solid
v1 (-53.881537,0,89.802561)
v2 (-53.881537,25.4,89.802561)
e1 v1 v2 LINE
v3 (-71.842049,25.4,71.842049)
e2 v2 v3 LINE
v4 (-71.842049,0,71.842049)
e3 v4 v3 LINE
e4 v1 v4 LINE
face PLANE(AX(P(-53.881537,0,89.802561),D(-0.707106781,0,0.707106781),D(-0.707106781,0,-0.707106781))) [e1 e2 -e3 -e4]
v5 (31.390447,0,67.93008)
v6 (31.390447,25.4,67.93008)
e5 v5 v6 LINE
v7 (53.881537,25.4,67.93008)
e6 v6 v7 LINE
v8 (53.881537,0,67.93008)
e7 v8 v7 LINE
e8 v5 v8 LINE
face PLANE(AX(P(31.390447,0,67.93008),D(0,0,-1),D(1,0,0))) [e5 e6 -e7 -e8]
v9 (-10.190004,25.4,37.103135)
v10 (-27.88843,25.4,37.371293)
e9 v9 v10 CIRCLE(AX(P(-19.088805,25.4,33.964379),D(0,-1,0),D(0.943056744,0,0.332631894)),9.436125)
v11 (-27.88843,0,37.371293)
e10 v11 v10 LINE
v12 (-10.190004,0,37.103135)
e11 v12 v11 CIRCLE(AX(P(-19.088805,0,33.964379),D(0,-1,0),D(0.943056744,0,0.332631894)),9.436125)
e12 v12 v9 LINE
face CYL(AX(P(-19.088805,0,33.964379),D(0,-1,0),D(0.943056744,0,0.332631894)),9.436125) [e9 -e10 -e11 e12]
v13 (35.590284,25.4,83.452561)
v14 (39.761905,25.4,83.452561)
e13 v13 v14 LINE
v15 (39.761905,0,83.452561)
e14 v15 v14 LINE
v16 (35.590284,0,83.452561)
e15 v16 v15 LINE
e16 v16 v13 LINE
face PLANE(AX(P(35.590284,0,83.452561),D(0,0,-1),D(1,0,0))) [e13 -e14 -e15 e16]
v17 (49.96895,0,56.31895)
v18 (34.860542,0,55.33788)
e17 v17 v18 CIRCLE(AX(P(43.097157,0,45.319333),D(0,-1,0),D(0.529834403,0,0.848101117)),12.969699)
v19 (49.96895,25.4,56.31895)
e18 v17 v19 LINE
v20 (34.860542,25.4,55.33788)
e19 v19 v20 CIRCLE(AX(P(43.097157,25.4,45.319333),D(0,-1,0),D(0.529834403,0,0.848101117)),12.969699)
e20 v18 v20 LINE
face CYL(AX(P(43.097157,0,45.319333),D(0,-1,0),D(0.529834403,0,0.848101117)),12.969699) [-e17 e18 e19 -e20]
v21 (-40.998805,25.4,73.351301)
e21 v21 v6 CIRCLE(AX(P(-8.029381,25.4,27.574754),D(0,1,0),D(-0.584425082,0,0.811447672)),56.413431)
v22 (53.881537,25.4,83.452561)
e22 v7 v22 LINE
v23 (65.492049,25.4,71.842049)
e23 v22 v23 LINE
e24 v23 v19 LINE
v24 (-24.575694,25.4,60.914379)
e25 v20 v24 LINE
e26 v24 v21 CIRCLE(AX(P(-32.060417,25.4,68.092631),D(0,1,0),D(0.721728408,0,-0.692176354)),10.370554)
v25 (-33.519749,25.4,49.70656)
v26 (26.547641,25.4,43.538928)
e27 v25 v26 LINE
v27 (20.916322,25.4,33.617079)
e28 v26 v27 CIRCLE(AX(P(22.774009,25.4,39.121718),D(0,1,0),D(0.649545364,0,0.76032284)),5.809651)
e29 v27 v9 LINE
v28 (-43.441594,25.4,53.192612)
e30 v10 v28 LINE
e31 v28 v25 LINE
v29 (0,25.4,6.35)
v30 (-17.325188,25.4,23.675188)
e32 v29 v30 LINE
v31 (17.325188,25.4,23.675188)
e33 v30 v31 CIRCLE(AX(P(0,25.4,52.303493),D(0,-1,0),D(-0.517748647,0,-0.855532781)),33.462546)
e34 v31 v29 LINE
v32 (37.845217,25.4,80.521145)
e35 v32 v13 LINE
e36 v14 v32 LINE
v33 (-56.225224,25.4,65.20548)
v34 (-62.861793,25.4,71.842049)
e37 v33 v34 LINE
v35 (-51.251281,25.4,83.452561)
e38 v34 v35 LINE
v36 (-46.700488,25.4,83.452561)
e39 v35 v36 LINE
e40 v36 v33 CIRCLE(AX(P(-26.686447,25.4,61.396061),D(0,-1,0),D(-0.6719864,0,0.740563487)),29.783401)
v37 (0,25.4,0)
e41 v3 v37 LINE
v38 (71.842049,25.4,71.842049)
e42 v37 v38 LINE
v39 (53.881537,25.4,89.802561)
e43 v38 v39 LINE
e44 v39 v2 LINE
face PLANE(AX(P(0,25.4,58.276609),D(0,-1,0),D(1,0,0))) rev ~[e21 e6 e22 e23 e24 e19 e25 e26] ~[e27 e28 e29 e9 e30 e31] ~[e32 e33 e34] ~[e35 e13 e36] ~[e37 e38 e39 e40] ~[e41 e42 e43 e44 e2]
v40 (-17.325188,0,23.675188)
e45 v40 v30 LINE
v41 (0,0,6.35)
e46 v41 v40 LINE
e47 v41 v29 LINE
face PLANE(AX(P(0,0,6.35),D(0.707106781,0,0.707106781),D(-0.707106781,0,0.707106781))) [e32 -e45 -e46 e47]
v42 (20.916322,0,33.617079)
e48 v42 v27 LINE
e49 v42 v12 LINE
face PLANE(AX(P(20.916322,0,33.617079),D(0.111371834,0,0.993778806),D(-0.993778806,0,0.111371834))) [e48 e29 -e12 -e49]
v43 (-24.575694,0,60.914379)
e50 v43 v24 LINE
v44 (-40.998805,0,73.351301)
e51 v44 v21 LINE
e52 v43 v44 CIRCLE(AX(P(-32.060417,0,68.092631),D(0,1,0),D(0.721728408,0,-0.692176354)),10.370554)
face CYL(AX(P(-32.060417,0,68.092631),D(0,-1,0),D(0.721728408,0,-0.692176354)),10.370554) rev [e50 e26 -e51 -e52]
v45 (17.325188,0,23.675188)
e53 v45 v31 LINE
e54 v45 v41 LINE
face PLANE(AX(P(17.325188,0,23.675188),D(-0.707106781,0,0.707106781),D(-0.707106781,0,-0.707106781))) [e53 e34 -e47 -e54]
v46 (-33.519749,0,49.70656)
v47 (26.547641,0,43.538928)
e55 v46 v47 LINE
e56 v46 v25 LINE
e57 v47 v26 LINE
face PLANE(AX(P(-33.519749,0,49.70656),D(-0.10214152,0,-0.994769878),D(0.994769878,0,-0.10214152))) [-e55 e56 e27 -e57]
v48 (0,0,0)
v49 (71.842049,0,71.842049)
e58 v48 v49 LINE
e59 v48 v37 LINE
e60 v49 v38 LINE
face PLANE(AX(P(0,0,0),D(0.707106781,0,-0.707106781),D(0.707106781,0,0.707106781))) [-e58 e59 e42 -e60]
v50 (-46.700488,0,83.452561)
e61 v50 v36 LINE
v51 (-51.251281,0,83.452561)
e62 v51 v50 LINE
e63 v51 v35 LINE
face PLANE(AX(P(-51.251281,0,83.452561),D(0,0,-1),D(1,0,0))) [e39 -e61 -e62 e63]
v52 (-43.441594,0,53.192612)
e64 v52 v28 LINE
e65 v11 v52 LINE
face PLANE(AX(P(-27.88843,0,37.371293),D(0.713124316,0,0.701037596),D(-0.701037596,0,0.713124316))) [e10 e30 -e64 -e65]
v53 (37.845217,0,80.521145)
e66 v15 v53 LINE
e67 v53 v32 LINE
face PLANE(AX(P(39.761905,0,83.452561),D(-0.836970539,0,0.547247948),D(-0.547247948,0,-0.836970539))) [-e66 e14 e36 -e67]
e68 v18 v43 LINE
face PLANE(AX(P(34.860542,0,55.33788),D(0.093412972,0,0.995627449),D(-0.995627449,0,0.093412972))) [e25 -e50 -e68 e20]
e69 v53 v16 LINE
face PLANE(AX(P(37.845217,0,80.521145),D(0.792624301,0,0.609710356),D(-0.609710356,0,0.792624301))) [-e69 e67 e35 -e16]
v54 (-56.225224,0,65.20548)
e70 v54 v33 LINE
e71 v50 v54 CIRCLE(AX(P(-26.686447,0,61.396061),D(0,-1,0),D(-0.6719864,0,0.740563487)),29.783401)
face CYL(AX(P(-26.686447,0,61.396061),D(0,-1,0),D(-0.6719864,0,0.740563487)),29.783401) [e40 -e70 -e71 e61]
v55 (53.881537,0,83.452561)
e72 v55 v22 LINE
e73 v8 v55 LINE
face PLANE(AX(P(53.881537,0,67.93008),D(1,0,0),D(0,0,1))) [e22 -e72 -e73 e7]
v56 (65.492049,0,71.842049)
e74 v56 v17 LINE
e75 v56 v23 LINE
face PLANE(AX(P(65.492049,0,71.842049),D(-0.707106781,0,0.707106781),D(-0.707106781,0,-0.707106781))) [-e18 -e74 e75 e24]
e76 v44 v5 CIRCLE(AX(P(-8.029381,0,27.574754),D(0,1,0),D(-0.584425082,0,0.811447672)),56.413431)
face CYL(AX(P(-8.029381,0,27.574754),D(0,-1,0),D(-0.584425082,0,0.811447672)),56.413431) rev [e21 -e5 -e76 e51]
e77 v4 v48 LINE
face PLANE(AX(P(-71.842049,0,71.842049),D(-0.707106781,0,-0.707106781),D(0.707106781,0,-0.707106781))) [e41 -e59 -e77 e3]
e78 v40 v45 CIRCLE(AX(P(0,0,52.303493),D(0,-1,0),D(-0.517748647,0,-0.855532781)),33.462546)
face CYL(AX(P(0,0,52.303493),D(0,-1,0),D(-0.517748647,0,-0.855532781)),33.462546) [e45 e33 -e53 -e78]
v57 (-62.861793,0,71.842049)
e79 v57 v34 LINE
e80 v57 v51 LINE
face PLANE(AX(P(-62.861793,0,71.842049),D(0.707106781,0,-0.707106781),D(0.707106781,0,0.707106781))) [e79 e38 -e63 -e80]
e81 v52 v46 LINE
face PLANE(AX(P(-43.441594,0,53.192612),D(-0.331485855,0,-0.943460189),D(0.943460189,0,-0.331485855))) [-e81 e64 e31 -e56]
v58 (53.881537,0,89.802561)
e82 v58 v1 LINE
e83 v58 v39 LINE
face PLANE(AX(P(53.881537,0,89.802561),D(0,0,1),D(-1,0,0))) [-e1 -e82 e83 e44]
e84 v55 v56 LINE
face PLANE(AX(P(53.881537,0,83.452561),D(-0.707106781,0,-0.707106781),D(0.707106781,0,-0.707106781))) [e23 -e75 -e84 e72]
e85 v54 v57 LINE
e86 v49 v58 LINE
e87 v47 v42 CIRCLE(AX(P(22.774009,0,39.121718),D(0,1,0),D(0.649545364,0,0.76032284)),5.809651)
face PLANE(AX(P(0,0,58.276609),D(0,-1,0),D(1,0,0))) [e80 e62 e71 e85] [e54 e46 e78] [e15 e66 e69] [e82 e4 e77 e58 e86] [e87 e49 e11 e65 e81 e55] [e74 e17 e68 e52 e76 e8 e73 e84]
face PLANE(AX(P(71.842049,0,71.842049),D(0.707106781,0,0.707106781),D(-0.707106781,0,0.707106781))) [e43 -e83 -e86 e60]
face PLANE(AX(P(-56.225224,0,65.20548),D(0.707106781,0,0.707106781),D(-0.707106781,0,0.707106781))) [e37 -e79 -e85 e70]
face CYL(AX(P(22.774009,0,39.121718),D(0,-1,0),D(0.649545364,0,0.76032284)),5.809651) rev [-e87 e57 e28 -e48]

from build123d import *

# Parameters (mm, degrees)
F1_DEPTH = 25.4


with BuildPart() as f1:
    # F0 (on Front) → F1 (new body)
    with BuildSketch(Plane.XZ):
        Polygon((-71.842049, 71.842049), (0, 0), (71.842049, 71.842049), (53.881537, 89.802561), (-53.881537, 89.802561), align=None)
        with BuildLine():
            Line((17.325188, 23.675188), (0, 6.35))
            Line((0, 6.35), (-17.325188, 23.675188))
            ThreePointArc((-17.325188, 23.675188), (0, 18.840947), (17.325188, 23.675188))
        make_face(mode=Mode.SUBTRACT)
        with BuildLine():
            Line((-27.88843, 37.371293), (-43.441594, 53.192612))
            Line((-43.441594, 53.192612), (-33.519749, 49.70656))
            Line((-33.519749, 49.70656), (26.547641, 43.538928))
            ThreePointArc((26.547641, 43.538928), (27.826581, 36.254042), (20.916322, 33.617079))
            Line((20.916322, 33.617079), (-10.190004, 37.103135))
            ThreePointArc((-10.190004, 37.103135), (-18.94585, 43.399421), (-27.88843, 37.371293))
        make_face(mode=Mode.SUBTRACT)
        with BuildLine():
            ThreePointArc((-46.700488, 83.452561), (-53.089277, 75.177991), (-56.225224, 65.20548))
            Line((-56.225224, 65.20548), (-62.861793, 71.842049))
            Line((-62.861793, 71.842049), (-51.251281, 83.452561))
            Line((-51.251281, 83.452561), (-46.700488, 83.452561))
        make_face(mode=Mode.SUBTRACT)
        with BuildLine():
            Line((53.881537, 67.93008), (53.881537, 83.452561))
            Line((53.881537, 83.452561), (65.492049, 71.842049))
            Line((65.492049, 71.842049), (49.96895, 56.31895))
            ThreePointArc((49.96895, 56.31895), (42.256735, 58.261775), (34.860542, 55.33788))
            Line((34.860542, 55.33788), (-24.575694, 60.914379))
            ThreePointArc((-24.575694, 60.914379), (-38.321211, 59.825174), (-40.998805, 73.351301))
            ThreePointArc((-40.998805, 73.351301), (-3.816385, 83.83065), (31.390447, 67.93008))
            Line((31.390447, 67.93008), (53.881537, 67.93008))
        make_face(mode=Mode.SUBTRACT)
        Polygon((37.845217, 80.521145), (35.590284, 83.452561), (39.761905, 83.452561), align=None, mode=Mode.SUBTRACT)
    extrude(amount=-F1_DEPTH)


solid = f1.part
